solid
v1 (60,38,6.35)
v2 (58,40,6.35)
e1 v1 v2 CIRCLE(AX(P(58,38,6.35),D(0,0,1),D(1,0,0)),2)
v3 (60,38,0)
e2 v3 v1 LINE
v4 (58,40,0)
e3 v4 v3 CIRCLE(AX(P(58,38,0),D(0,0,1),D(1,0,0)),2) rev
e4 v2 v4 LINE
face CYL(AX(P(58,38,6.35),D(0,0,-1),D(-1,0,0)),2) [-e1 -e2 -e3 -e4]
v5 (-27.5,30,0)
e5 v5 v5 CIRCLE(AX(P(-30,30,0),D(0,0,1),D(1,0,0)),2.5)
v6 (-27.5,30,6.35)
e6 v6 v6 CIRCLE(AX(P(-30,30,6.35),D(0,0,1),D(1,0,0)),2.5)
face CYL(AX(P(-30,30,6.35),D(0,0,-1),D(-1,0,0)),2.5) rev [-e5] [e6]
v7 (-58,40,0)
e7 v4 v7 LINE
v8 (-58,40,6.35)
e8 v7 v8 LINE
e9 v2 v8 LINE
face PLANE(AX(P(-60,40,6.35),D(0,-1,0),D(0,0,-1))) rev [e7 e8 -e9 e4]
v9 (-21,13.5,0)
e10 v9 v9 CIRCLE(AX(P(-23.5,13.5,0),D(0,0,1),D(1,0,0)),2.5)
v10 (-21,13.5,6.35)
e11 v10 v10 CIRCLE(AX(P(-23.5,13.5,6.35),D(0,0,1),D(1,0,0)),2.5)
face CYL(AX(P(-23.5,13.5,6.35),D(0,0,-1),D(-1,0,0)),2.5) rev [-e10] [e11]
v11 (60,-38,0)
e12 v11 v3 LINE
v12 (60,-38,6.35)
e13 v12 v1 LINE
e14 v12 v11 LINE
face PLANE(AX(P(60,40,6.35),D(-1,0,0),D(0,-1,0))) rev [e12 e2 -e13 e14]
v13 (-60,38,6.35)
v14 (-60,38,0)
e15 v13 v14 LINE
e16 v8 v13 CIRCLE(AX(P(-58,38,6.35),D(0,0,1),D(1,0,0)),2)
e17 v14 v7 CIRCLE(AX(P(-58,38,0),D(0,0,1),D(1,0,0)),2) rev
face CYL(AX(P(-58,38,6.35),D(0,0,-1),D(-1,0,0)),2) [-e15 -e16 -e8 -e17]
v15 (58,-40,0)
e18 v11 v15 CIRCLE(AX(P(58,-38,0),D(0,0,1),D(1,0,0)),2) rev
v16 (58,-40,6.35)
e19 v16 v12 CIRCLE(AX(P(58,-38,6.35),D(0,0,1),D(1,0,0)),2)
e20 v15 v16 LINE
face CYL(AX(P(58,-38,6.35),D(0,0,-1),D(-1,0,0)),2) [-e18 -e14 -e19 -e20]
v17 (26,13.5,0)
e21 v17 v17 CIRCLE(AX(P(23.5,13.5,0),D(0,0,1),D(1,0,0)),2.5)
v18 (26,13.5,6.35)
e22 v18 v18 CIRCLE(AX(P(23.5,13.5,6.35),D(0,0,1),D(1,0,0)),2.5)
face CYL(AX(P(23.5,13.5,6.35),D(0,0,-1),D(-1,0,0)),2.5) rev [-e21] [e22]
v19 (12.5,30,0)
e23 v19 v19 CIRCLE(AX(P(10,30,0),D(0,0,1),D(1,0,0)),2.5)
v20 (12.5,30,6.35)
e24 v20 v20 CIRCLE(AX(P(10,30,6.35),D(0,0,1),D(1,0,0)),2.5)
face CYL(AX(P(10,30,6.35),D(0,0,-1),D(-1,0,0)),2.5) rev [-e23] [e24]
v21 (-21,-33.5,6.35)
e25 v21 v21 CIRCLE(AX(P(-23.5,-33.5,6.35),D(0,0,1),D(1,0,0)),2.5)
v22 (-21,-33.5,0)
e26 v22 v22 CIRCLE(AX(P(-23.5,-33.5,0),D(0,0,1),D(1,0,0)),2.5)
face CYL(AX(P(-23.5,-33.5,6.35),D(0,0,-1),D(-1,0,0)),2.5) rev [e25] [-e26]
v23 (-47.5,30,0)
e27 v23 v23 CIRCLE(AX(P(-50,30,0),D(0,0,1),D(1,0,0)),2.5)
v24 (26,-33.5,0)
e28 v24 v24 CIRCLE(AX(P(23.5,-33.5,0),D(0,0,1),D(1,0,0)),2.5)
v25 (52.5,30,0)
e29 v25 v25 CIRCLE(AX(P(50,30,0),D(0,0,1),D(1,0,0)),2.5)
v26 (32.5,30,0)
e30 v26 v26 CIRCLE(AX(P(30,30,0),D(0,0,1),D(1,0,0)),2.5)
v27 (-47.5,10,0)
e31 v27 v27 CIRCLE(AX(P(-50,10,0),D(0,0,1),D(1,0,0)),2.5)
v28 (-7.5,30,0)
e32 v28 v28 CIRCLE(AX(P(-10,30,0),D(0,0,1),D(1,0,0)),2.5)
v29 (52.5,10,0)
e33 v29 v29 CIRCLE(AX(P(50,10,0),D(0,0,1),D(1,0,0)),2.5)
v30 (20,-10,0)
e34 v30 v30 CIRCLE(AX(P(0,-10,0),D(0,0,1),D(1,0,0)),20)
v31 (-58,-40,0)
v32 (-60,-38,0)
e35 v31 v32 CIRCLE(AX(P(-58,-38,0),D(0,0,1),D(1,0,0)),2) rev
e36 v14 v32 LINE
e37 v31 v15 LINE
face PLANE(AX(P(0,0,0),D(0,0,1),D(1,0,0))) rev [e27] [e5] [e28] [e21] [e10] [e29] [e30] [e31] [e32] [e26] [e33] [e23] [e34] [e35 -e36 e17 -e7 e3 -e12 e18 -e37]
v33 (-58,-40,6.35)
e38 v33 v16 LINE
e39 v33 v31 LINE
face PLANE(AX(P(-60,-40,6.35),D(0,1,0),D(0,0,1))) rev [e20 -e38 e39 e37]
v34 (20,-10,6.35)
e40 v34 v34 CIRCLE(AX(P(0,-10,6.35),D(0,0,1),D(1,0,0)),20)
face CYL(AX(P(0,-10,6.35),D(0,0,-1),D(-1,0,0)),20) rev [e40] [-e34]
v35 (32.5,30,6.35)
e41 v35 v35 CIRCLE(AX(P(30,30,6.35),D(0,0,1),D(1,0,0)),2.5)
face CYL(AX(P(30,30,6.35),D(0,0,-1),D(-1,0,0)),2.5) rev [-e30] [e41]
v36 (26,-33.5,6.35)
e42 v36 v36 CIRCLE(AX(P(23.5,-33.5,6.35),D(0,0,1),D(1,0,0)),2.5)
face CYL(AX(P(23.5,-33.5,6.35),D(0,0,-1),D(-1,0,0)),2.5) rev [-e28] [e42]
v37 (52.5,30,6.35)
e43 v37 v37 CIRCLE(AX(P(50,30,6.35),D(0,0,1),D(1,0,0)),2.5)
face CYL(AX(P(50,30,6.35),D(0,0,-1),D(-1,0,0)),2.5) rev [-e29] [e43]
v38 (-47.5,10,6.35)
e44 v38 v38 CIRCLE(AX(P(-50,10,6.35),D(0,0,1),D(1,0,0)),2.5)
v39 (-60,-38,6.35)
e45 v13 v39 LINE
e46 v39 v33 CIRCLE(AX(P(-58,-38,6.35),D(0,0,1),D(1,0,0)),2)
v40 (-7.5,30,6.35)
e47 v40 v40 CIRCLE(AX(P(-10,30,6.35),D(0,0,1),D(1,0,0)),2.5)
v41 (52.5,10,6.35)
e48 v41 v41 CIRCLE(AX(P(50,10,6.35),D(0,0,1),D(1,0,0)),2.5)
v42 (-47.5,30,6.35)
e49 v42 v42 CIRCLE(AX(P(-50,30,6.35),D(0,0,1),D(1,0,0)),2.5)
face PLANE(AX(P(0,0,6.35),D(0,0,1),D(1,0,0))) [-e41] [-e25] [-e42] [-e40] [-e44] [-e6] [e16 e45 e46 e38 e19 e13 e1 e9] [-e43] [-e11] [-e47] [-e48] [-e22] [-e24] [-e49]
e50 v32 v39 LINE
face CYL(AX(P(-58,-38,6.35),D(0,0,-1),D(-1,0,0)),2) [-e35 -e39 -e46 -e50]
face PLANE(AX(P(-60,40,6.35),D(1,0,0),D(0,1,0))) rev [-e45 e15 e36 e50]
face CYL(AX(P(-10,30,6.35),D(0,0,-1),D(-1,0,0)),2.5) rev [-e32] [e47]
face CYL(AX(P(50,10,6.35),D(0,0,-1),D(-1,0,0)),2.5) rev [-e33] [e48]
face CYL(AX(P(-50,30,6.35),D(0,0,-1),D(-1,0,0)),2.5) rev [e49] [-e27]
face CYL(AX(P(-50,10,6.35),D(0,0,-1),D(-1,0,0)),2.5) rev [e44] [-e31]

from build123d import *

# Parameters (mm, degrees)
SKETCH1_W           = 120
SKETCH1_H           = 80
SKETCH1_R           = 2.5
SKETCH1_R_2         = 20
BOSS_EXTRUDE1_DEPTH = 6.35
FILLET1_R           = 2


with BuildPart() as part:
    # Sketch1 → Boss-Extrude1 (new body)
    with BuildSketch(Plane.XY):
        Rectangle(SKETCH1_W, SKETCH1_H)
        with Locations((-50, 30)):
            Circle(SKETCH1_R, mode=Mode.SUBTRACT)
        with Locations((-30, 30)):
            Circle(SKETCH1_R, mode=Mode.SUBTRACT)
        with Locations((-10, 30)):
            Circle(SKETCH1_R, mode=Mode.SUBTRACT)
        with Locations((10, 30)):
            Circle(SKETCH1_R, mode=Mode.SUBTRACT)
        with Locations((30, 30)):
            Circle(SKETCH1_R, mode=Mode.SUBTRACT)
        with Locations((50, 30)):
            Circle(SKETCH1_R, mode=Mode.SUBTRACT)
        with Locations((-50, 10)):
            Circle(SKETCH1_R, mode=Mode.SUBTRACT)
        with Locations((50, 10)):
            Circle(SKETCH1_R, mode=Mode.SUBTRACT)
        with Locations((0, -10)):
            Circle(SKETCH1_R_2, mode=Mode.SUBTRACT)
        with Locations((-23.5, 13.5)):
            Circle(SKETCH1_R, mode=Mode.SUBTRACT)
        with Locations((23.5, 13.5)):
            Circle(SKETCH1_R, mode=Mode.SUBTRACT)
        with Locations((23.5, -33.5)):
            Circle(SKETCH1_R, mode=Mode.SUBTRACT)
        with Locations((-23.5, -33.5)):
            Circle(SKETCH1_R, mode=Mode.SUBTRACT)
    extrude(amount=BOSS_EXTRUDE1_DEPTH)

    # Fillet1
    fillet1_edges = [part.edges().sort_by_distance(p)[0] for p in [
        (60, -40, 3.175),
        (-60, -40, 3.175),
        (-60, 40, 3.175),
        (60, 40, 3.175),
    ]]
    fillet(fillet1_edges, radius=FILLET1_R)


solid = part.part
